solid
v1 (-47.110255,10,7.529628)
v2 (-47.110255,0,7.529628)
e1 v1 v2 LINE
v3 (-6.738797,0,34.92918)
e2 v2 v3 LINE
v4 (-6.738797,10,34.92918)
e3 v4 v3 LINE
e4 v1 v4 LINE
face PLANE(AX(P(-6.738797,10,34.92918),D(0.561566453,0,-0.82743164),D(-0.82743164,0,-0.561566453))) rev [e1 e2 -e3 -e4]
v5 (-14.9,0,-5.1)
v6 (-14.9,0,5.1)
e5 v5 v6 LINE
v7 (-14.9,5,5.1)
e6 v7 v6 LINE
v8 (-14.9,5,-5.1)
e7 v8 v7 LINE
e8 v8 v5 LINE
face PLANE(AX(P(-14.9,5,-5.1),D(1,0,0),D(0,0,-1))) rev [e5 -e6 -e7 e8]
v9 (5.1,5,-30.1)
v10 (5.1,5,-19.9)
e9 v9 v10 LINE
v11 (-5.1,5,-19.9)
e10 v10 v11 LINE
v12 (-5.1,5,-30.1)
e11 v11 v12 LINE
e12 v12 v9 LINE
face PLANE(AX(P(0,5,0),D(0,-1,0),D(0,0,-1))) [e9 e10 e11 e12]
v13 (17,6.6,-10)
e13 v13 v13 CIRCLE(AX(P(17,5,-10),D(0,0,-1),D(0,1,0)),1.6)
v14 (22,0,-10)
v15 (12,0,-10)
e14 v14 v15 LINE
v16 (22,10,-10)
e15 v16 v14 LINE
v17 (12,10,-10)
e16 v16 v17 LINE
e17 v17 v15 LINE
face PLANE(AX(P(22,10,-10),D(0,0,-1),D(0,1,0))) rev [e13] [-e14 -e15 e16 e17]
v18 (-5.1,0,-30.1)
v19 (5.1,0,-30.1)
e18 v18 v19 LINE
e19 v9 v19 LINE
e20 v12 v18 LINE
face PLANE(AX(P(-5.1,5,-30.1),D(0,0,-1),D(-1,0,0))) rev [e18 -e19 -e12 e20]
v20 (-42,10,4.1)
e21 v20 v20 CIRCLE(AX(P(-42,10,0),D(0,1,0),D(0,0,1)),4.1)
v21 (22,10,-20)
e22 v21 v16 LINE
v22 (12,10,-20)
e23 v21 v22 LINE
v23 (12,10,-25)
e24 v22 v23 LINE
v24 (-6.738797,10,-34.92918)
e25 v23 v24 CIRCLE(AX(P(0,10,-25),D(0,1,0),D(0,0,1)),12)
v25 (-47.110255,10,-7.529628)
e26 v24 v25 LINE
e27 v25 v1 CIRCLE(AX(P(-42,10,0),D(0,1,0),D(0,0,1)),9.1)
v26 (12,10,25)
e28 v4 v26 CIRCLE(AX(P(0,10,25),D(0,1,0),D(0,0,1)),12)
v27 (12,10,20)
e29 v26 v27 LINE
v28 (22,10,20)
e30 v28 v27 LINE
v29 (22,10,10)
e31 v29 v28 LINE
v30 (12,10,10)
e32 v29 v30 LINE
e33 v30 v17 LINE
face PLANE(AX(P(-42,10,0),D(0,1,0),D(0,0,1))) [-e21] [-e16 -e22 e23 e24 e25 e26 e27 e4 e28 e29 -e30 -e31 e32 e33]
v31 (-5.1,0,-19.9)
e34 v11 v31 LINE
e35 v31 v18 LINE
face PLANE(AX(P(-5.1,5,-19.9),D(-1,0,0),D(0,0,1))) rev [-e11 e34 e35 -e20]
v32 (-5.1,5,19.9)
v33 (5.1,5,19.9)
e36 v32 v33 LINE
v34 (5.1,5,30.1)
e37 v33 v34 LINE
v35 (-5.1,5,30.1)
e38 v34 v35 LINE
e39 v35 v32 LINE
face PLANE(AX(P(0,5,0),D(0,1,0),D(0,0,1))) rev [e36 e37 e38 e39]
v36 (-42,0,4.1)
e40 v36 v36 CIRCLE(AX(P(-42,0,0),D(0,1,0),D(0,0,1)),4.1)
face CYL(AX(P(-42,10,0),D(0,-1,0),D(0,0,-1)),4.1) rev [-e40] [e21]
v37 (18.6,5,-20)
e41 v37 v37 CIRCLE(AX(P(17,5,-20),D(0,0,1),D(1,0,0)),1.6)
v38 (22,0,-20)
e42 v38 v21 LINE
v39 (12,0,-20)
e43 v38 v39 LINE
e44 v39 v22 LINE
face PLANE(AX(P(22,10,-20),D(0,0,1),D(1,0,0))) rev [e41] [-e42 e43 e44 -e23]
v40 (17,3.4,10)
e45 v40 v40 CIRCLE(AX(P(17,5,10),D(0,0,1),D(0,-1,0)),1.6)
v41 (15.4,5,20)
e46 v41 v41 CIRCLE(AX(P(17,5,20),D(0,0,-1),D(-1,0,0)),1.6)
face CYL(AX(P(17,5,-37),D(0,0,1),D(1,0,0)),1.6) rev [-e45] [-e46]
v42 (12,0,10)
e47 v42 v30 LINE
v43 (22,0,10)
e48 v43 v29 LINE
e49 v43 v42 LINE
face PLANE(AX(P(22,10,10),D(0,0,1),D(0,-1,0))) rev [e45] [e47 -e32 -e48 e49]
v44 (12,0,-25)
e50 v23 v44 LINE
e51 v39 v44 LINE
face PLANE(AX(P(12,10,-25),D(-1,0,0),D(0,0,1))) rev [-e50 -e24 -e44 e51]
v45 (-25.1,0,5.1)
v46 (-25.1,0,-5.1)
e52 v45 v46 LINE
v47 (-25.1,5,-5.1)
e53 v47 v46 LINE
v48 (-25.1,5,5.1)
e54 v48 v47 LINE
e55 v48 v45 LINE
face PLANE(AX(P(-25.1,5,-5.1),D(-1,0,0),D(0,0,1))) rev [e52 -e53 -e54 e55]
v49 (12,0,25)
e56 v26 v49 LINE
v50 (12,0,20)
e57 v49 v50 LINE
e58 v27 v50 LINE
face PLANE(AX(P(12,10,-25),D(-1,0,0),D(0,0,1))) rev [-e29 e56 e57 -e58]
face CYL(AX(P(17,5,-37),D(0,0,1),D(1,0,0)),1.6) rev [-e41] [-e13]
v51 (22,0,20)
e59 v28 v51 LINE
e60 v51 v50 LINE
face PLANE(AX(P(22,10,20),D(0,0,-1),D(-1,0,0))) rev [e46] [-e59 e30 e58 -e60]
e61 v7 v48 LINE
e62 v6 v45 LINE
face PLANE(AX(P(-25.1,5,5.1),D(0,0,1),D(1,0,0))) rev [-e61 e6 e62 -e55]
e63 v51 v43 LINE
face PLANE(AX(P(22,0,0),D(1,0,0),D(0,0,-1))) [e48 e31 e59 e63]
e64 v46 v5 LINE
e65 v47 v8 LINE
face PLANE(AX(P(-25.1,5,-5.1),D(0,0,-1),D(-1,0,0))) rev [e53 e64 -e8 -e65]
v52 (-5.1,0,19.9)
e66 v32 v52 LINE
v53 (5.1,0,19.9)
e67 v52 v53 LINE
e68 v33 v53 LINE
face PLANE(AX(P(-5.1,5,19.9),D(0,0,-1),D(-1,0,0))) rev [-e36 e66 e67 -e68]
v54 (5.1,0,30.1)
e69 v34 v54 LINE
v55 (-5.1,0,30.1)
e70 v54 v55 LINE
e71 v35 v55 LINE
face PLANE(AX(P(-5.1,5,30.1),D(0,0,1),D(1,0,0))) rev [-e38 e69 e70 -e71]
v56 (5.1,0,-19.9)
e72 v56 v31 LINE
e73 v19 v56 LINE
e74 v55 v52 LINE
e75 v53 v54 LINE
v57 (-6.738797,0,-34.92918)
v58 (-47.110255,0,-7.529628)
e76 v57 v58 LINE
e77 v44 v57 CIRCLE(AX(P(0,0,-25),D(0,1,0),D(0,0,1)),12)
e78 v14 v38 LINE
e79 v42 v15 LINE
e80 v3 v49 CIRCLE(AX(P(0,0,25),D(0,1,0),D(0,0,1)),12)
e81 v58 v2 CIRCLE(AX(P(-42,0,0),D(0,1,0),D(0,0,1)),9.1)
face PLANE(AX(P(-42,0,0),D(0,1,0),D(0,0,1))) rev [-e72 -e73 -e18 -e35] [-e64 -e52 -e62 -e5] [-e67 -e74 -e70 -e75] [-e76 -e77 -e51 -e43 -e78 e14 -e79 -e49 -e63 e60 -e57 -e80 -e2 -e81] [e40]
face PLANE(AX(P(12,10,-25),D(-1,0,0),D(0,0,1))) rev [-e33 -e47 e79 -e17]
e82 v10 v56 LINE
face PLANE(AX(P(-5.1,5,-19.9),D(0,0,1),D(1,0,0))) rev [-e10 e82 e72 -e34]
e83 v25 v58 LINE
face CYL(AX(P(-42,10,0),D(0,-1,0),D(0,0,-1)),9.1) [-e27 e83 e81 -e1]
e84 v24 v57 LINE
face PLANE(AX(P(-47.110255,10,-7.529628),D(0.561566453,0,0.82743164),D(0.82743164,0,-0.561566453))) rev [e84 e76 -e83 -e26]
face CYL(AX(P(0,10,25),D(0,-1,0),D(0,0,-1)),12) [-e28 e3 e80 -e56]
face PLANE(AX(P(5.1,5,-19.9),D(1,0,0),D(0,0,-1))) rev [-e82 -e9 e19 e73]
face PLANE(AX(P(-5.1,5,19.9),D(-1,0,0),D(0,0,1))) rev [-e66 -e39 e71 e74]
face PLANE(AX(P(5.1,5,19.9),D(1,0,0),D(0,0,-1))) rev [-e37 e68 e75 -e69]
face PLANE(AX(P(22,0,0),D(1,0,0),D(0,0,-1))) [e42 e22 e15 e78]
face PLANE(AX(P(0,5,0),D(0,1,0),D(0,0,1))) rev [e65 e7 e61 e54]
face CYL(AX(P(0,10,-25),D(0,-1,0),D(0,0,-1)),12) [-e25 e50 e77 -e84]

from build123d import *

# Parameters (mm, degrees)
SKETCH_1_R               = 4.1
EXTRUDE_1_DEPTH          = 10
SKETCH_2_W               = 10.2
SKETCH_2_H               = 10.2
CUT_EXTRUDE_1_DEPTH      = 5
SKETCH_3_W               = 10
SKETCH_3_H               = 10
EXTRUDE_2_DEPTH          = 10
CUT_EXTRUDE_2_DEPTH      = 64.876521508
CUT_EXTRUDE_2_DEPTH_BACK = 64.876521508
SKETCH_4_R               = 1.6


with BuildPart() as part:
    # ｽｹｯﾁ1 → ﾎﾞｽ - 押し出し1 (new body)
    with BuildSketch(Plane(origin=(0, 0, 0), x_dir=(1, 0, 0), z_dir=(0, 1, 0))):
        with BuildLine():
            Line((-47.110254718, 7.529627927), (-6.738797431, 34.929179684))
            ThreePointArc((-6.738797431, 34.929179684), (5.618470914, 35.603432679), (12, 25))
            Line((12, 25), (12, -25))
            ThreePointArc((12, -25), (5.618470914, -35.603432679), (-6.738797431, -34.929179684))
            Line((-6.738797431, -34.929179684), (-47.110254718, -7.529627927))
            ThreePointArc((-47.110254718, -7.529627927), (-51.1, 0), (-47.110254718, 7.529627927))
        make_face()
        with Locations(Location((-42, 0, 0), (0, 0, 270))):
            Circle(SKETCH_1_R, mode=Mode.SUBTRACT)
    extrude(amount=EXTRUDE_1_DEPTH)

    # ｽｹｯﾁ2 → ｶｯﾄ - 押し出し1 (cut)
    with BuildSketch(Plane.XZ):
        with Locations((0, 25)):
            Rectangle(SKETCH_2_W, SKETCH_2_H)
        with Locations((0, -25)):
            Rectangle(SKETCH_2_W, SKETCH_2_H)
        with Locations((-20, 0)):
            Rectangle(SKETCH_2_W, SKETCH_2_H)
    extrude(amount=-CUT_EXTRUDE_1_DEPTH, mode=Mode.SUBTRACT)

    # ｽｹｯﾁ3 → ﾎﾞｽ - 押し出し2 (add)
    with BuildSketch(Plane(origin=(12, 0, 0), x_dir=(0, 0, -1), z_dir=(1, 0, 0))):
        with Locations((-15, 5)):
            Rectangle(SKETCH_3_W, SKETCH_3_H)
        with Locations((15, 5)):
            Rectangle(SKETCH_3_W, SKETCH_3_H)
    extrude(amount=EXTRUDE_2_DEPTH)

    # ｽｹｯﾁ4 → ｶｯﾄ - 押し出し2 (cut, two sides: drawn at the far end of the back side and taken through both)
    with BuildSketch(Plane.XY.offset(-CUT_EXTRUDE_2_DEPTH_BACK)):
        with Locations((17, 5)):
            Circle(SKETCH_4_R)
    extrude(amount=CUT_EXTRUDE_2_DEPTH + CUT_EXTRUDE_2_DEPTH_BACK, mode=Mode.SUBTRACT)


solid = part.part
